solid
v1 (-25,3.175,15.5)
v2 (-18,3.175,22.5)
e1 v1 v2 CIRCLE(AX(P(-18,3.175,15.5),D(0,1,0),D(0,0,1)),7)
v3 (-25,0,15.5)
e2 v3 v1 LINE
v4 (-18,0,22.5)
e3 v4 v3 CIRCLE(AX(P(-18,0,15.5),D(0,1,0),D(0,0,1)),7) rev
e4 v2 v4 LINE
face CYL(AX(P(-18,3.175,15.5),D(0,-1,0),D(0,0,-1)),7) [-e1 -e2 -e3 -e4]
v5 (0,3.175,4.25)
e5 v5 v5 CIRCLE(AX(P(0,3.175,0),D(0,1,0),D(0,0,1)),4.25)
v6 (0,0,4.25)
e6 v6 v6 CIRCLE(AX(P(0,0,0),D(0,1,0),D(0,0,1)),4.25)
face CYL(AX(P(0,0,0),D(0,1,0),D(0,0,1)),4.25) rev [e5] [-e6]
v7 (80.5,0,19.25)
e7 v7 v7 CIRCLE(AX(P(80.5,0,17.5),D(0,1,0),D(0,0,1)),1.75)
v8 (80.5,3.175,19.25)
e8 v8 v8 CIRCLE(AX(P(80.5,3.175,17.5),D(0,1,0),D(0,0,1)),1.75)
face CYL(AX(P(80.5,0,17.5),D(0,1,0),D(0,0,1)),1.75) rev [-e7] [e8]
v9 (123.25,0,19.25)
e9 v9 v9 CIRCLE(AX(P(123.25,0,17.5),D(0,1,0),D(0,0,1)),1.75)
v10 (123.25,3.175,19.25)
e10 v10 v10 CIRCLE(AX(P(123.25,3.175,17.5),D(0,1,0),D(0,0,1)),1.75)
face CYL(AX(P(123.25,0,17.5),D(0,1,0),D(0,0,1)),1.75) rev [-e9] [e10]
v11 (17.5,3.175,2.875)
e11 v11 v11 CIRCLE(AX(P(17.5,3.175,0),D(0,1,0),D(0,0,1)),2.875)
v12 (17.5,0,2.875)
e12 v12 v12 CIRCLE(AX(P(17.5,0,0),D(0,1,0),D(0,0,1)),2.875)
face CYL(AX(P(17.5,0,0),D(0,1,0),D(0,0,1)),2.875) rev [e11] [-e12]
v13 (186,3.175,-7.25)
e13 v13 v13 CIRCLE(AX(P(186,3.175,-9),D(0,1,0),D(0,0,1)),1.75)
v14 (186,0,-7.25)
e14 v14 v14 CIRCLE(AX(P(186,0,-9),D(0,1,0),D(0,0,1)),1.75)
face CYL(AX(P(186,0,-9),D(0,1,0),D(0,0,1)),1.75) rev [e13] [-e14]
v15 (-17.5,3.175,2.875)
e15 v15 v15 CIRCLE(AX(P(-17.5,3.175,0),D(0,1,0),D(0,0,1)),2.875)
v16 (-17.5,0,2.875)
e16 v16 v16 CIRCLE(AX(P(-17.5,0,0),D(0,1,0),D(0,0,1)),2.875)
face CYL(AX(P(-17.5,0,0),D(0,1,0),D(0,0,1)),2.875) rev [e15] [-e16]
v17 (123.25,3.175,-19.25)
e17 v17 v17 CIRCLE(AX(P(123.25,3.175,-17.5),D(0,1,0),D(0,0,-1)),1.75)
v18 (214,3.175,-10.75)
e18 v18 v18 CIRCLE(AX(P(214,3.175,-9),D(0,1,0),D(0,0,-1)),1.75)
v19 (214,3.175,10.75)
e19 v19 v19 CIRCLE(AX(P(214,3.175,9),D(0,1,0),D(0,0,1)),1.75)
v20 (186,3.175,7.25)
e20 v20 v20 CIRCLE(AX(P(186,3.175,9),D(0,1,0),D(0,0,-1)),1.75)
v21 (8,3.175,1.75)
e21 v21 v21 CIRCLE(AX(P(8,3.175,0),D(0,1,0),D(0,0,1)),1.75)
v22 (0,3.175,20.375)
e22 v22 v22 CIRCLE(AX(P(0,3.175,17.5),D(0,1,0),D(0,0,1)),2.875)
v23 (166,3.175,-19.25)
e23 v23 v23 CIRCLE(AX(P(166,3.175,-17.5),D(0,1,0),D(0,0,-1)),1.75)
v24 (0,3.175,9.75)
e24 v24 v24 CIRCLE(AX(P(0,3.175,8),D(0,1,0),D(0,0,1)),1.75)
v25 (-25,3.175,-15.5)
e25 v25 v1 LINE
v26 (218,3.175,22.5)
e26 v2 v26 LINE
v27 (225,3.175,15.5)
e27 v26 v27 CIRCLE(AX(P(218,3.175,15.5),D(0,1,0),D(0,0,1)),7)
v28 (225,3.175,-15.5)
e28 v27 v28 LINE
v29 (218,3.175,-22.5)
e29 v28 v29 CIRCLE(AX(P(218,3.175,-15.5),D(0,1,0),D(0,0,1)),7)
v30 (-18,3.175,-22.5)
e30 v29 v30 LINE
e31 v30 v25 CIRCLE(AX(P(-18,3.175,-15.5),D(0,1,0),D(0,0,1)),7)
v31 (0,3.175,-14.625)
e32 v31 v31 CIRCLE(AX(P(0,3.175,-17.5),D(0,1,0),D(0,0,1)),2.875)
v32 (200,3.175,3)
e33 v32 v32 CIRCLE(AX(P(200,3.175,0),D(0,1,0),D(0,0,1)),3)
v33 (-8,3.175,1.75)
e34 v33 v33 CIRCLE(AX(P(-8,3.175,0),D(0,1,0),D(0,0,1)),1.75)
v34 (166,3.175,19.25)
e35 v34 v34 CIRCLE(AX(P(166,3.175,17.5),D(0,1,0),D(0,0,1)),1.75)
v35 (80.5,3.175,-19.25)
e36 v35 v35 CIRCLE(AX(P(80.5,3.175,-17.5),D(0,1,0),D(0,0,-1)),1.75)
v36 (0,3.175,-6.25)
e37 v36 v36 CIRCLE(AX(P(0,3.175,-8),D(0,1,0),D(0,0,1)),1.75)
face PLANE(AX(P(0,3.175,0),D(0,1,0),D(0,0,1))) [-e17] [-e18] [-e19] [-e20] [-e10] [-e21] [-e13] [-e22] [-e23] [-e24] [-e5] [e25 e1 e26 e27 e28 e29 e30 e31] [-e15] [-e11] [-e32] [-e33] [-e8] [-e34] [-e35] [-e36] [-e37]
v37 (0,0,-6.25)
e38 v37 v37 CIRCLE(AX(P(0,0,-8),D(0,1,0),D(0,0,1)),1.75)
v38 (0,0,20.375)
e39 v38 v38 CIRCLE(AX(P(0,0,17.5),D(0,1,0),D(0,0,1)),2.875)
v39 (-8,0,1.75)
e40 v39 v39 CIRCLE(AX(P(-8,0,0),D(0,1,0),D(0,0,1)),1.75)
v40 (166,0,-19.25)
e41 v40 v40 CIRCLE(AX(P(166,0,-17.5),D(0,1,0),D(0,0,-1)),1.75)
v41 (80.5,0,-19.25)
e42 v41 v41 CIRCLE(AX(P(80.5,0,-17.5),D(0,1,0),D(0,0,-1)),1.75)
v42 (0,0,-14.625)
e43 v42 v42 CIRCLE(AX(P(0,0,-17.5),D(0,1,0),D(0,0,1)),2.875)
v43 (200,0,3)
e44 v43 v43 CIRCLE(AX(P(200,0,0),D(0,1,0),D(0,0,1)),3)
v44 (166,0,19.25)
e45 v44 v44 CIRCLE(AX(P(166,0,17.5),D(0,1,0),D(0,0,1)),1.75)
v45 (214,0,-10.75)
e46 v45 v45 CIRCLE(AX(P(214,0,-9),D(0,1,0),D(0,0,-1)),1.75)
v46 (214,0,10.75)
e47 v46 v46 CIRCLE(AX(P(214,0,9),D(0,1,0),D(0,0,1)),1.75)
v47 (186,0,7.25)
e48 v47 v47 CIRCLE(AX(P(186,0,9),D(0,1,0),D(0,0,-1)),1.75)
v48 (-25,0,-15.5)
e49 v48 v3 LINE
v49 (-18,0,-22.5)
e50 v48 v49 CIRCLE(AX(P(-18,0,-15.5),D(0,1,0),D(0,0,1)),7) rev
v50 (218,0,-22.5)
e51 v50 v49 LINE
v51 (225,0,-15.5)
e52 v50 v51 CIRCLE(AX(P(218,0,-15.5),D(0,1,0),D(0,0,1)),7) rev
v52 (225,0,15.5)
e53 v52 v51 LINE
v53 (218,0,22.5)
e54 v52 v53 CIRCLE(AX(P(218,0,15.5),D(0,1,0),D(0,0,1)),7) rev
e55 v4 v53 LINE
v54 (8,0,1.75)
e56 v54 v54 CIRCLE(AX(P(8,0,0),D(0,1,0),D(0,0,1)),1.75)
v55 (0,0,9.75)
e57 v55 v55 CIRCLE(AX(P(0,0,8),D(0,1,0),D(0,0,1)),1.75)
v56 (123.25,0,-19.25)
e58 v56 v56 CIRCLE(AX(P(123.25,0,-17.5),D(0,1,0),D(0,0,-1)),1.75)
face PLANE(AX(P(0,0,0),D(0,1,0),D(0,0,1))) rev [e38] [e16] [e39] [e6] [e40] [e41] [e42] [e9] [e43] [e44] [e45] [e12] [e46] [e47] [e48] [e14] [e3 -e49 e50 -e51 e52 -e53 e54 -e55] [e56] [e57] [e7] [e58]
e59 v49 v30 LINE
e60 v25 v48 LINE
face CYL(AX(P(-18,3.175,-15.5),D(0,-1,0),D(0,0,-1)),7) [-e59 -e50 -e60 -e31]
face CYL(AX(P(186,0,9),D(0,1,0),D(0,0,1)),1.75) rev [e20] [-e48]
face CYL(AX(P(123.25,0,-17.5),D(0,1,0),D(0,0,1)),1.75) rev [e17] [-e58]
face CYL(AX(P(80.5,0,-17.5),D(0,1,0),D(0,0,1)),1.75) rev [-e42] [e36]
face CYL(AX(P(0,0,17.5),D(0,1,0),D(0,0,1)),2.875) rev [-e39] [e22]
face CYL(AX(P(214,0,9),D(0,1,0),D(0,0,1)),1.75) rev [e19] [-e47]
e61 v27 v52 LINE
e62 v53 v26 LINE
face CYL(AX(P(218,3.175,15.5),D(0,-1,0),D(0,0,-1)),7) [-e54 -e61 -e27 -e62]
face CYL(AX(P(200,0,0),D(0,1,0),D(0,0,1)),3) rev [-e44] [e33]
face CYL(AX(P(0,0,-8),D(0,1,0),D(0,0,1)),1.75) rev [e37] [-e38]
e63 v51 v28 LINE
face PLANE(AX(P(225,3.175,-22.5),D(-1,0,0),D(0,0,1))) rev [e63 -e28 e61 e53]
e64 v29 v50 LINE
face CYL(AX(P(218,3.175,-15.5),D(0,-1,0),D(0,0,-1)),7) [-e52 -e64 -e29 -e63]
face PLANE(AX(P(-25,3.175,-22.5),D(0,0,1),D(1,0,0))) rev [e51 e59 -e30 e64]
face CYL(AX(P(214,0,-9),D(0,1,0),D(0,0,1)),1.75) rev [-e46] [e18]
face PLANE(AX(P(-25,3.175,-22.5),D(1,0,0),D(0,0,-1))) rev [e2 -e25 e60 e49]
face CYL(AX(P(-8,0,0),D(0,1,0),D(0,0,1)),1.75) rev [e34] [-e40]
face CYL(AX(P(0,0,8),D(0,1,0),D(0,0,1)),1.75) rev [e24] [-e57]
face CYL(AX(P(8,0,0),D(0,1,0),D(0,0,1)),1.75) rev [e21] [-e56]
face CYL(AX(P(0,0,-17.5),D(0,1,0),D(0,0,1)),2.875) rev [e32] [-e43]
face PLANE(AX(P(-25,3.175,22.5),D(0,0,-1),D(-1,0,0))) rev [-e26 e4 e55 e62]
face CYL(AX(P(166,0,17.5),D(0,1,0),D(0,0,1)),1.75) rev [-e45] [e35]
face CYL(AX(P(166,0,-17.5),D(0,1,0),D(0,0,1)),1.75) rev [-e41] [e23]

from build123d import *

# Parameters (mm, degrees)
SKETCH1_W           = 250
SKETCH1_H           = 45
BOSS_EXTRUDE1_DEPTH = 3.175
SKETCH4_R           = 3
SKETCH4_R_2         = 1.75
CUT_EXTRUDE1_DEPTH  = 227.144490592
SKETCH5_R           = 4.25
CUT_EXTRUDE2_DEPTH  = 227.144490592
SKETCH10_R          = 1.75
CUT_EXTRUDE4_DEPTH  = 227.144490592
FILLET1_R           = 7
SKETCH11_R          = 2.875
CUT_EXTRUDE5_DEPTH  = 227.144490592
SKETCH12_R          = 1.75
CUT_EXTRUDE6_DEPTH  = 227.144490592


with BuildPart() as part:
    # Sketch1 → Boss-Extrude1 (new body)
    with BuildSketch(Plane(origin=(0, 0, 0), x_dir=(1, 0, 0), z_dir=(0, 1, 0))):
        with Locations((100, 0)):
            Rectangle(SKETCH1_W, SKETCH1_H)
    extrude(amount=BOSS_EXTRUDE1_DEPTH)

    # Sketch4 → Cut-Extrude1 (cut, through all)
    with BuildSketch(Plane(origin=(0, 3.175, 0), x_dir=(1, 0, 0), z_dir=(0, 1, 0))):
        with Locations(Location((200, 0, 0), (0, 0, 270))):
            Circle(SKETCH4_R)
        with Locations(Location((186, 9, 0), (0, 0, 270))):
            Circle(SKETCH4_R_2)
        with Locations(Location((214, 9, 0), (0, 0, 90))):
            Circle(SKETCH4_R_2)
        with Locations(Location((214, -9, 0), (0, 0, 270))):
            Circle(SKETCH4_R_2)
        with Locations(Location((186, -9, 0), (0, 0, 90))):
            Circle(SKETCH4_R_2)
    extrude(amount=-CUT_EXTRUDE1_DEPTH, mode=Mode.SUBTRACT)

    # Sketch5 → Cut-Extrude2 (cut, through all)
    with BuildSketch(Plane(origin=(0, 3.175, 0), x_dir=(1, 0, 0), z_dir=(0, 1, 0))):
        with Locations(Location((0, 0, 0), (0, 0, 270))):
            Circle(SKETCH5_R)
    extrude(amount=-CUT_EXTRUDE2_DEPTH, mode=Mode.SUBTRACT)

    # Sketch10 → Cut-Extrude4 (cut, through all)
    with BuildSketch(Plane(origin=(0, 3.175, 0), x_dir=(1, 0, 0), z_dir=(0, 1, 0))):
        with Locations(Location((80.5, -17.5, 0), (0, 0, 270))):
            Circle(SKETCH10_R)
        with Locations(Location((166, -17.5, 0), (0, 0, 270))):
            Circle(SKETCH10_R)
        with Locations(Location((166, 17.5, 0), (0, 0, 90))):
            Circle(SKETCH10_R)
        with Locations(Location((80.5, 17.5, 0), (0, 0, 90))):
            Circle(SKETCH10_R)
        with Locations(Location((123.25, -17.5, 0), (0, 0, 270))):
            Circle(SKETCH10_R)
        with Locations(Location((123.25, 17.5, 0), (0, 0, 90))):
            Circle(SKETCH10_R)
    extrude(amount=-CUT_EXTRUDE4_DEPTH, mode=Mode.SUBTRACT)

    # Fillet1
    fillet1_edges = [part.edges().sort_by_distance(p)[0] for p in [
        (-25, 1.5875, -22.5),
        (225, 1.5875, -22.5),
        (225, 1.5875, 22.5),
        (-25, 1.5875, 22.5),
    ]]
    fillet(fillet1_edges, radius=FILLET1_R)

    # Sketch11 → Cut-Extrude5 (cut, through all)
    with BuildSketch(Plane(origin=(0, 3.175, 0), x_dir=(1, 0, 0), z_dir=(0, 1, 0))):
        with Locations(Location((0, 17.5, 0), (0, 0, 270))):
            Circle(SKETCH11_R)
        with Locations(Location((17.5, 0, 0), (0, 0, 270))):
            Circle(SKETCH11_R)
        with Locations(Location((0, -17.5, 0), (0, 0, 270))):
            Circle(SKETCH11_R)
        with Locations(Location((-17.5, 0, 0), (0, 0, 270))):
            Circle(SKETCH11_R)
    extrude(amount=-CUT_EXTRUDE5_DEPTH, mode=Mode.SUBTRACT)

    # Sketch12 → Cut-Extrude6 (cut, through all)
    with BuildSketch(Plane(origin=(0, 3.175, 0), x_dir=(1, 0, 0), z_dir=(0, 1, 0))):
        with Locations(Location((0, 8, 0), (0, 0, 270))):
            Circle(SKETCH12_R)
        with Locations(Location((8, 0, 0), (0, 0, 270))):
            Circle(SKETCH12_R)
        with Locations(Location((0, -8, 0), (0, 0, 270))):
            Circle(SKETCH12_R)
        with Locations(Location((-8, 0, 0), (0, 0, 270))):
            Circle(SKETCH12_R)
    extrude(amount=-CUT_EXTRUDE6_DEPTH, mode=Mode.SUBTRACT)


solid = part.part
